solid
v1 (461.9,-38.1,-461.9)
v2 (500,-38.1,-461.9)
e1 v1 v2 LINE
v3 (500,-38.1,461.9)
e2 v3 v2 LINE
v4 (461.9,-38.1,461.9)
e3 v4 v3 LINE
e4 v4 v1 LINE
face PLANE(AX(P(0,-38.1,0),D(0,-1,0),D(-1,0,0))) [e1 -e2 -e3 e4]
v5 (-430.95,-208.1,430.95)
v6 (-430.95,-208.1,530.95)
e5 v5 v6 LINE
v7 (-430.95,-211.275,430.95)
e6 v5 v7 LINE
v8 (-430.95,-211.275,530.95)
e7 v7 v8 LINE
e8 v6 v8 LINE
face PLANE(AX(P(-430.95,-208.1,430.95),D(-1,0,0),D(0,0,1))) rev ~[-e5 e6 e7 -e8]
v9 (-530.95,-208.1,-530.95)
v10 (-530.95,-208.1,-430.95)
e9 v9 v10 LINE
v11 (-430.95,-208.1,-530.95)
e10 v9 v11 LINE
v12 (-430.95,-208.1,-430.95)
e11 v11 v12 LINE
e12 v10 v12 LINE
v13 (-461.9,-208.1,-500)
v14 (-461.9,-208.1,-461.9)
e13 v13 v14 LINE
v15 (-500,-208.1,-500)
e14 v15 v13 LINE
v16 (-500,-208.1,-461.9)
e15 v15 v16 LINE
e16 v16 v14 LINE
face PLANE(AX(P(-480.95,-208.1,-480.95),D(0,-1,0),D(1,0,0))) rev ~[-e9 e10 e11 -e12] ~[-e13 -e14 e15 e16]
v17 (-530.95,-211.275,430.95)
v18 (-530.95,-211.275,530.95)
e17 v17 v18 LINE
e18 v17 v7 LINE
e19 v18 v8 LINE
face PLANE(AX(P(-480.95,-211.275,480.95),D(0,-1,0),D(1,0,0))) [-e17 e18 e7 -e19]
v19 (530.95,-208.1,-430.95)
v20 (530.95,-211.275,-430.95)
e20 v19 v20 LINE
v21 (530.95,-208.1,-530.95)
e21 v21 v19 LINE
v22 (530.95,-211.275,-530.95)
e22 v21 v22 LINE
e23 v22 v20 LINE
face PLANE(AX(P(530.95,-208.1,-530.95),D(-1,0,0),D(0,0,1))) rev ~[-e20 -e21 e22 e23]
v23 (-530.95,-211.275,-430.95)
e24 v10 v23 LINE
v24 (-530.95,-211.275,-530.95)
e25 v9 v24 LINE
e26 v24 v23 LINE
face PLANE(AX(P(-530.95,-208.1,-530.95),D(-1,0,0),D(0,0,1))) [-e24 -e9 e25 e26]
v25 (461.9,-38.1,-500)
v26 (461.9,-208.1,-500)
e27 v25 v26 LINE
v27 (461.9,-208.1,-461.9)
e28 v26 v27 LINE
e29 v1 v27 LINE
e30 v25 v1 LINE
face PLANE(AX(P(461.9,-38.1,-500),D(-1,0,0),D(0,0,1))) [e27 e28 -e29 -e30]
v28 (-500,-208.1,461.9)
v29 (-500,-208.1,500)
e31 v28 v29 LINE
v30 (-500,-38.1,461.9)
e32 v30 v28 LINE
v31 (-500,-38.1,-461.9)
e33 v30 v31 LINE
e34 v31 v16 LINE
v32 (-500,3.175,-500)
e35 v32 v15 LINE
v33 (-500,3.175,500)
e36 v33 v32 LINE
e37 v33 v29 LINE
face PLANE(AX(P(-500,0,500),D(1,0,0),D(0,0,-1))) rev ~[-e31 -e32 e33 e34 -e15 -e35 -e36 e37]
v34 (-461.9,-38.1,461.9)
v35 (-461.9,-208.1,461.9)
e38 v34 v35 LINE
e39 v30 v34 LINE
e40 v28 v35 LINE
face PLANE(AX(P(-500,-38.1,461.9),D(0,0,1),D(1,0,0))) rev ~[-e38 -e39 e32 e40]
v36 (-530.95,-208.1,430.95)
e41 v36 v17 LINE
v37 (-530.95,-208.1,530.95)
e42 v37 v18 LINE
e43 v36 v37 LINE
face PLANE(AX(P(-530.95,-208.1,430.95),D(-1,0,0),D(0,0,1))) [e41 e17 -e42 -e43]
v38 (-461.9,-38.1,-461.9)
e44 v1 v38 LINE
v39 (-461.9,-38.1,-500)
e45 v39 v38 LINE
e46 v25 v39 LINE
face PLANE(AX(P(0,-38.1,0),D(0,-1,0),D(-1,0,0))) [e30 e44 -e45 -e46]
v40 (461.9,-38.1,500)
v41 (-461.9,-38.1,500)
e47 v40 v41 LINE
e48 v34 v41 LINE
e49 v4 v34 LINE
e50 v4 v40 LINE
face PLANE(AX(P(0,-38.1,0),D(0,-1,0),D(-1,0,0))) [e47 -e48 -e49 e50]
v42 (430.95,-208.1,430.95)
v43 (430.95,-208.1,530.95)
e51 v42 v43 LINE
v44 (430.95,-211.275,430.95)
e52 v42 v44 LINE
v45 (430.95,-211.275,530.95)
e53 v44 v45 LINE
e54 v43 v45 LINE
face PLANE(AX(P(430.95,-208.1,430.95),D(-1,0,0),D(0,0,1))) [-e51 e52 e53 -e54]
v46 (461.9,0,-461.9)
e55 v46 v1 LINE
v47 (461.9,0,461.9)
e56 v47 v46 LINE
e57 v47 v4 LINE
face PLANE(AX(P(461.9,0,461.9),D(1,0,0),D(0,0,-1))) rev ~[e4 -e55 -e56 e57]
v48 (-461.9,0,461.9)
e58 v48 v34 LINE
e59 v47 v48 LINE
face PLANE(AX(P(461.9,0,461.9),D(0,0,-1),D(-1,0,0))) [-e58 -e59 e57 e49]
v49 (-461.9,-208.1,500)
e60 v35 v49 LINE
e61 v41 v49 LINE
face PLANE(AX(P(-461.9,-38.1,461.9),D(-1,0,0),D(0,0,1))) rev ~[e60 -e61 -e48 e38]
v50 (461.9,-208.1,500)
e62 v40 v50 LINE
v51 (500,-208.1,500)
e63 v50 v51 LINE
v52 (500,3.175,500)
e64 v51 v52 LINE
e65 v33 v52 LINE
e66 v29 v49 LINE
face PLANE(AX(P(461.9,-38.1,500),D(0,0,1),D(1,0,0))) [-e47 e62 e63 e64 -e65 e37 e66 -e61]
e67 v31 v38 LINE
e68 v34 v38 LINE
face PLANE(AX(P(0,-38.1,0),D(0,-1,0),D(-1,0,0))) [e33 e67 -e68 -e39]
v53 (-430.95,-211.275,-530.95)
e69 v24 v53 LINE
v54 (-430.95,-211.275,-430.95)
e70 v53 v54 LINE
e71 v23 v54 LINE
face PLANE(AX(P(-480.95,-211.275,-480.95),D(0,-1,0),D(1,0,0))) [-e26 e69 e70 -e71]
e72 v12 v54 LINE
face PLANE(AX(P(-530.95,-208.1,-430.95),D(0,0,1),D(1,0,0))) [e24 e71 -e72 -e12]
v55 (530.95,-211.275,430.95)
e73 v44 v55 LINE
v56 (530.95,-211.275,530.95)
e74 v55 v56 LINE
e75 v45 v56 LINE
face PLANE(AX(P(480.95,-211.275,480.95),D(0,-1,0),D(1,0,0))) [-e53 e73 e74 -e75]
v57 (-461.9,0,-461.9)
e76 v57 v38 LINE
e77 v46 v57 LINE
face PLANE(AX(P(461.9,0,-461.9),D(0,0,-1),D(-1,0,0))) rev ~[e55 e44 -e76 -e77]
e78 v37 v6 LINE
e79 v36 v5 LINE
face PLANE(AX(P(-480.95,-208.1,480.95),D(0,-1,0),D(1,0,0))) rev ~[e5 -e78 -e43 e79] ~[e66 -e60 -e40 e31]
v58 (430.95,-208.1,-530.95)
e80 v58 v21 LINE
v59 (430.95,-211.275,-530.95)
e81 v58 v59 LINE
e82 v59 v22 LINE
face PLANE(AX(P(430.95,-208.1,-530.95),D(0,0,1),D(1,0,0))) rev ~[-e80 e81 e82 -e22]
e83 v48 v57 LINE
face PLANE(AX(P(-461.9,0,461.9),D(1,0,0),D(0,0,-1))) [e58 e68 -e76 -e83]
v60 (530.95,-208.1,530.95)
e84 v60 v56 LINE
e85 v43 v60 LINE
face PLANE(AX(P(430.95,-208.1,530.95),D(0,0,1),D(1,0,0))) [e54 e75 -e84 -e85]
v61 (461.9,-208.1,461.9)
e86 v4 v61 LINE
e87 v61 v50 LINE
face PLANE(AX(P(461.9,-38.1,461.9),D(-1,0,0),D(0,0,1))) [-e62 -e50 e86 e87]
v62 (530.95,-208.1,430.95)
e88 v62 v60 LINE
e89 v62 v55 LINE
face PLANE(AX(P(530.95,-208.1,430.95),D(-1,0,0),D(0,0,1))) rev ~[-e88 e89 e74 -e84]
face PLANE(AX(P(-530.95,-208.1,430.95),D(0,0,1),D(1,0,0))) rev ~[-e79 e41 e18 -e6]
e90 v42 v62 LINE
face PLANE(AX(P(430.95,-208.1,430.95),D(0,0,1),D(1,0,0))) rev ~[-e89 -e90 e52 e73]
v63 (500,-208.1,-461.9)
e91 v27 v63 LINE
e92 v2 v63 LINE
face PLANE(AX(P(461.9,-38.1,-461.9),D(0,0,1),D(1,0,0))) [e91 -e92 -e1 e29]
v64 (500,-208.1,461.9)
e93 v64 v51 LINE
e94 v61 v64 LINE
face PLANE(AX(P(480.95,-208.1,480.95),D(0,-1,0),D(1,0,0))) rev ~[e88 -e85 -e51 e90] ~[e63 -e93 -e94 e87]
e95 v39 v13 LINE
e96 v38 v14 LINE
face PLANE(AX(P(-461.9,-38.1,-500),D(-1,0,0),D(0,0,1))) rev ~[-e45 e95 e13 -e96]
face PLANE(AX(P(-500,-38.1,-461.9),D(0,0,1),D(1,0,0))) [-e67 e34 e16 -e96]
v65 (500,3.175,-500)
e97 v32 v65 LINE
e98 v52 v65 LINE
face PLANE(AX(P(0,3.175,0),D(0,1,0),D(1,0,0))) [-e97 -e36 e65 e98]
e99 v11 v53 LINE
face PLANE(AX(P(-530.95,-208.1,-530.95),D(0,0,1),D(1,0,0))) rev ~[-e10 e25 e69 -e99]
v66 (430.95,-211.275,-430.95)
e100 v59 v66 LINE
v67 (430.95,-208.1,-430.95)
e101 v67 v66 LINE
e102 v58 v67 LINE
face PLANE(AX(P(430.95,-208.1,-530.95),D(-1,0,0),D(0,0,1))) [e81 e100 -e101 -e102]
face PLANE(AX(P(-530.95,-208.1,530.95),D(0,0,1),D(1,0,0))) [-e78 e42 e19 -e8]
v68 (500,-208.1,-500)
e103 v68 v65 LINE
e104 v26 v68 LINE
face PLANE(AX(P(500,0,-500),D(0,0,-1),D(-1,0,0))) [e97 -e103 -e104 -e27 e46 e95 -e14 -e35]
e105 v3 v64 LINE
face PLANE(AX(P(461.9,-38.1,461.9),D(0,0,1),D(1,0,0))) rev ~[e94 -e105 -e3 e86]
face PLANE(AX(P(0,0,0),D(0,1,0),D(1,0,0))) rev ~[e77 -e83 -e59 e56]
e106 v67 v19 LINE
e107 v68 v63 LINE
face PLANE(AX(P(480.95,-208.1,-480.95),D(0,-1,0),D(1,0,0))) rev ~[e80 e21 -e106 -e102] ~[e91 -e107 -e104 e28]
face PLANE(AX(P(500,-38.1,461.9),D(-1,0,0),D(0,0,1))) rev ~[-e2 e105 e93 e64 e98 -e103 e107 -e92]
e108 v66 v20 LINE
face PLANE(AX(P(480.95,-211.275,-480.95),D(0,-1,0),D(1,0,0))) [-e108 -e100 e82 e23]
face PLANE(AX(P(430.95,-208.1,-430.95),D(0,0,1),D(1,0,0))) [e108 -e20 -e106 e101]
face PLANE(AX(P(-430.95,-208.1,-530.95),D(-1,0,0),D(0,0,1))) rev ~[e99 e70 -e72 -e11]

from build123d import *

# Parameters (mm, degrees)
CROQUIS1_W              = 1000
CROQUIS1_H              = 1000
SALIENTE_EXTRUIR1_DEPTH = 3.175
CROQUIS2_W              = 1000
CROQUIS2_H              = 1000
CROQUIS2_W_2            = 923.8
CROQUIS2_H_2            = 923.8
SALIENTE_EXTRUIR2_DEPTH = 38.1
CROQUIS3_W              = 38.1
CROQUIS3_H              = 38.1
SALIENTE_EXTRUIR3_DEPTH = 170
CROQUIS4_W              = 100
CROQUIS4_H              = 100
SALIENTE_EXTRUIR4_DEPTH = 3.175


with BuildPart() as part:
    # Croquis1 → Saliente-Extruir1 (new body)
    with BuildSketch(Plane(origin=(0, 0, 0), x_dir=(1, 0, 0), z_dir=(0, 1, 0))):
        Rectangle(CROQUIS1_W, CROQUIS1_H)
    extrude(amount=SALIENTE_EXTRUIR1_DEPTH)

    # Croquis2 → Saliente-Extruir2 (add)
    with BuildSketch(Plane(origin=(0, 0, 0), x_dir=(-1, 0, 0), z_dir=(0, -1, 0))):
        Rectangle(CROQUIS2_W, CROQUIS2_H)
        Rectangle(CROQUIS2_W_2, CROQUIS2_H_2, mode=Mode.SUBTRACT)
    extrude(amount=SALIENTE_EXTRUIR2_DEPTH)

    # Croquis3 → Saliente-Extruir3 (add)
    with BuildSketch(Plane.XZ.offset(38.1)):
        with Locations((480.95, 480.95)):
            Rectangle(CROQUIS3_W, CROQUIS3_H)
        with Locations((-480.95, 480.95)):
            Rectangle(CROQUIS3_W, CROQUIS3_H)
        with Locations((480.95, -480.95)):
            Rectangle(CROQUIS3_W, CROQUIS3_H)
        with Locations((-480.95, -480.95)):
            Rectangle(CROQUIS3_W, CROQUIS3_H)
    extrude(amount=SALIENTE_EXTRUIR3_DEPTH)

    # Croquis4 → Saliente-Extruir4 (add)
    with BuildSketch(Plane.XZ.offset(208.1)):
        with Locations((480.95, 480.95)):
            Rectangle(CROQUIS4_W, CROQUIS4_H)
        with Locations((-480.95, 480.95)):
            Rectangle(CROQUIS4_W, CROQUIS4_H)
        with Locations((480.95, -480.95)):
            Rectangle(CROQUIS4_W, CROQUIS4_H)
        with Locations((-480.95, -480.95)):
            Rectangle(CROQUIS4_W, CROQUIS4_H)
    extrude(amount=SALIENTE_EXTRUIR4_DEPTH)


solid = part.part
